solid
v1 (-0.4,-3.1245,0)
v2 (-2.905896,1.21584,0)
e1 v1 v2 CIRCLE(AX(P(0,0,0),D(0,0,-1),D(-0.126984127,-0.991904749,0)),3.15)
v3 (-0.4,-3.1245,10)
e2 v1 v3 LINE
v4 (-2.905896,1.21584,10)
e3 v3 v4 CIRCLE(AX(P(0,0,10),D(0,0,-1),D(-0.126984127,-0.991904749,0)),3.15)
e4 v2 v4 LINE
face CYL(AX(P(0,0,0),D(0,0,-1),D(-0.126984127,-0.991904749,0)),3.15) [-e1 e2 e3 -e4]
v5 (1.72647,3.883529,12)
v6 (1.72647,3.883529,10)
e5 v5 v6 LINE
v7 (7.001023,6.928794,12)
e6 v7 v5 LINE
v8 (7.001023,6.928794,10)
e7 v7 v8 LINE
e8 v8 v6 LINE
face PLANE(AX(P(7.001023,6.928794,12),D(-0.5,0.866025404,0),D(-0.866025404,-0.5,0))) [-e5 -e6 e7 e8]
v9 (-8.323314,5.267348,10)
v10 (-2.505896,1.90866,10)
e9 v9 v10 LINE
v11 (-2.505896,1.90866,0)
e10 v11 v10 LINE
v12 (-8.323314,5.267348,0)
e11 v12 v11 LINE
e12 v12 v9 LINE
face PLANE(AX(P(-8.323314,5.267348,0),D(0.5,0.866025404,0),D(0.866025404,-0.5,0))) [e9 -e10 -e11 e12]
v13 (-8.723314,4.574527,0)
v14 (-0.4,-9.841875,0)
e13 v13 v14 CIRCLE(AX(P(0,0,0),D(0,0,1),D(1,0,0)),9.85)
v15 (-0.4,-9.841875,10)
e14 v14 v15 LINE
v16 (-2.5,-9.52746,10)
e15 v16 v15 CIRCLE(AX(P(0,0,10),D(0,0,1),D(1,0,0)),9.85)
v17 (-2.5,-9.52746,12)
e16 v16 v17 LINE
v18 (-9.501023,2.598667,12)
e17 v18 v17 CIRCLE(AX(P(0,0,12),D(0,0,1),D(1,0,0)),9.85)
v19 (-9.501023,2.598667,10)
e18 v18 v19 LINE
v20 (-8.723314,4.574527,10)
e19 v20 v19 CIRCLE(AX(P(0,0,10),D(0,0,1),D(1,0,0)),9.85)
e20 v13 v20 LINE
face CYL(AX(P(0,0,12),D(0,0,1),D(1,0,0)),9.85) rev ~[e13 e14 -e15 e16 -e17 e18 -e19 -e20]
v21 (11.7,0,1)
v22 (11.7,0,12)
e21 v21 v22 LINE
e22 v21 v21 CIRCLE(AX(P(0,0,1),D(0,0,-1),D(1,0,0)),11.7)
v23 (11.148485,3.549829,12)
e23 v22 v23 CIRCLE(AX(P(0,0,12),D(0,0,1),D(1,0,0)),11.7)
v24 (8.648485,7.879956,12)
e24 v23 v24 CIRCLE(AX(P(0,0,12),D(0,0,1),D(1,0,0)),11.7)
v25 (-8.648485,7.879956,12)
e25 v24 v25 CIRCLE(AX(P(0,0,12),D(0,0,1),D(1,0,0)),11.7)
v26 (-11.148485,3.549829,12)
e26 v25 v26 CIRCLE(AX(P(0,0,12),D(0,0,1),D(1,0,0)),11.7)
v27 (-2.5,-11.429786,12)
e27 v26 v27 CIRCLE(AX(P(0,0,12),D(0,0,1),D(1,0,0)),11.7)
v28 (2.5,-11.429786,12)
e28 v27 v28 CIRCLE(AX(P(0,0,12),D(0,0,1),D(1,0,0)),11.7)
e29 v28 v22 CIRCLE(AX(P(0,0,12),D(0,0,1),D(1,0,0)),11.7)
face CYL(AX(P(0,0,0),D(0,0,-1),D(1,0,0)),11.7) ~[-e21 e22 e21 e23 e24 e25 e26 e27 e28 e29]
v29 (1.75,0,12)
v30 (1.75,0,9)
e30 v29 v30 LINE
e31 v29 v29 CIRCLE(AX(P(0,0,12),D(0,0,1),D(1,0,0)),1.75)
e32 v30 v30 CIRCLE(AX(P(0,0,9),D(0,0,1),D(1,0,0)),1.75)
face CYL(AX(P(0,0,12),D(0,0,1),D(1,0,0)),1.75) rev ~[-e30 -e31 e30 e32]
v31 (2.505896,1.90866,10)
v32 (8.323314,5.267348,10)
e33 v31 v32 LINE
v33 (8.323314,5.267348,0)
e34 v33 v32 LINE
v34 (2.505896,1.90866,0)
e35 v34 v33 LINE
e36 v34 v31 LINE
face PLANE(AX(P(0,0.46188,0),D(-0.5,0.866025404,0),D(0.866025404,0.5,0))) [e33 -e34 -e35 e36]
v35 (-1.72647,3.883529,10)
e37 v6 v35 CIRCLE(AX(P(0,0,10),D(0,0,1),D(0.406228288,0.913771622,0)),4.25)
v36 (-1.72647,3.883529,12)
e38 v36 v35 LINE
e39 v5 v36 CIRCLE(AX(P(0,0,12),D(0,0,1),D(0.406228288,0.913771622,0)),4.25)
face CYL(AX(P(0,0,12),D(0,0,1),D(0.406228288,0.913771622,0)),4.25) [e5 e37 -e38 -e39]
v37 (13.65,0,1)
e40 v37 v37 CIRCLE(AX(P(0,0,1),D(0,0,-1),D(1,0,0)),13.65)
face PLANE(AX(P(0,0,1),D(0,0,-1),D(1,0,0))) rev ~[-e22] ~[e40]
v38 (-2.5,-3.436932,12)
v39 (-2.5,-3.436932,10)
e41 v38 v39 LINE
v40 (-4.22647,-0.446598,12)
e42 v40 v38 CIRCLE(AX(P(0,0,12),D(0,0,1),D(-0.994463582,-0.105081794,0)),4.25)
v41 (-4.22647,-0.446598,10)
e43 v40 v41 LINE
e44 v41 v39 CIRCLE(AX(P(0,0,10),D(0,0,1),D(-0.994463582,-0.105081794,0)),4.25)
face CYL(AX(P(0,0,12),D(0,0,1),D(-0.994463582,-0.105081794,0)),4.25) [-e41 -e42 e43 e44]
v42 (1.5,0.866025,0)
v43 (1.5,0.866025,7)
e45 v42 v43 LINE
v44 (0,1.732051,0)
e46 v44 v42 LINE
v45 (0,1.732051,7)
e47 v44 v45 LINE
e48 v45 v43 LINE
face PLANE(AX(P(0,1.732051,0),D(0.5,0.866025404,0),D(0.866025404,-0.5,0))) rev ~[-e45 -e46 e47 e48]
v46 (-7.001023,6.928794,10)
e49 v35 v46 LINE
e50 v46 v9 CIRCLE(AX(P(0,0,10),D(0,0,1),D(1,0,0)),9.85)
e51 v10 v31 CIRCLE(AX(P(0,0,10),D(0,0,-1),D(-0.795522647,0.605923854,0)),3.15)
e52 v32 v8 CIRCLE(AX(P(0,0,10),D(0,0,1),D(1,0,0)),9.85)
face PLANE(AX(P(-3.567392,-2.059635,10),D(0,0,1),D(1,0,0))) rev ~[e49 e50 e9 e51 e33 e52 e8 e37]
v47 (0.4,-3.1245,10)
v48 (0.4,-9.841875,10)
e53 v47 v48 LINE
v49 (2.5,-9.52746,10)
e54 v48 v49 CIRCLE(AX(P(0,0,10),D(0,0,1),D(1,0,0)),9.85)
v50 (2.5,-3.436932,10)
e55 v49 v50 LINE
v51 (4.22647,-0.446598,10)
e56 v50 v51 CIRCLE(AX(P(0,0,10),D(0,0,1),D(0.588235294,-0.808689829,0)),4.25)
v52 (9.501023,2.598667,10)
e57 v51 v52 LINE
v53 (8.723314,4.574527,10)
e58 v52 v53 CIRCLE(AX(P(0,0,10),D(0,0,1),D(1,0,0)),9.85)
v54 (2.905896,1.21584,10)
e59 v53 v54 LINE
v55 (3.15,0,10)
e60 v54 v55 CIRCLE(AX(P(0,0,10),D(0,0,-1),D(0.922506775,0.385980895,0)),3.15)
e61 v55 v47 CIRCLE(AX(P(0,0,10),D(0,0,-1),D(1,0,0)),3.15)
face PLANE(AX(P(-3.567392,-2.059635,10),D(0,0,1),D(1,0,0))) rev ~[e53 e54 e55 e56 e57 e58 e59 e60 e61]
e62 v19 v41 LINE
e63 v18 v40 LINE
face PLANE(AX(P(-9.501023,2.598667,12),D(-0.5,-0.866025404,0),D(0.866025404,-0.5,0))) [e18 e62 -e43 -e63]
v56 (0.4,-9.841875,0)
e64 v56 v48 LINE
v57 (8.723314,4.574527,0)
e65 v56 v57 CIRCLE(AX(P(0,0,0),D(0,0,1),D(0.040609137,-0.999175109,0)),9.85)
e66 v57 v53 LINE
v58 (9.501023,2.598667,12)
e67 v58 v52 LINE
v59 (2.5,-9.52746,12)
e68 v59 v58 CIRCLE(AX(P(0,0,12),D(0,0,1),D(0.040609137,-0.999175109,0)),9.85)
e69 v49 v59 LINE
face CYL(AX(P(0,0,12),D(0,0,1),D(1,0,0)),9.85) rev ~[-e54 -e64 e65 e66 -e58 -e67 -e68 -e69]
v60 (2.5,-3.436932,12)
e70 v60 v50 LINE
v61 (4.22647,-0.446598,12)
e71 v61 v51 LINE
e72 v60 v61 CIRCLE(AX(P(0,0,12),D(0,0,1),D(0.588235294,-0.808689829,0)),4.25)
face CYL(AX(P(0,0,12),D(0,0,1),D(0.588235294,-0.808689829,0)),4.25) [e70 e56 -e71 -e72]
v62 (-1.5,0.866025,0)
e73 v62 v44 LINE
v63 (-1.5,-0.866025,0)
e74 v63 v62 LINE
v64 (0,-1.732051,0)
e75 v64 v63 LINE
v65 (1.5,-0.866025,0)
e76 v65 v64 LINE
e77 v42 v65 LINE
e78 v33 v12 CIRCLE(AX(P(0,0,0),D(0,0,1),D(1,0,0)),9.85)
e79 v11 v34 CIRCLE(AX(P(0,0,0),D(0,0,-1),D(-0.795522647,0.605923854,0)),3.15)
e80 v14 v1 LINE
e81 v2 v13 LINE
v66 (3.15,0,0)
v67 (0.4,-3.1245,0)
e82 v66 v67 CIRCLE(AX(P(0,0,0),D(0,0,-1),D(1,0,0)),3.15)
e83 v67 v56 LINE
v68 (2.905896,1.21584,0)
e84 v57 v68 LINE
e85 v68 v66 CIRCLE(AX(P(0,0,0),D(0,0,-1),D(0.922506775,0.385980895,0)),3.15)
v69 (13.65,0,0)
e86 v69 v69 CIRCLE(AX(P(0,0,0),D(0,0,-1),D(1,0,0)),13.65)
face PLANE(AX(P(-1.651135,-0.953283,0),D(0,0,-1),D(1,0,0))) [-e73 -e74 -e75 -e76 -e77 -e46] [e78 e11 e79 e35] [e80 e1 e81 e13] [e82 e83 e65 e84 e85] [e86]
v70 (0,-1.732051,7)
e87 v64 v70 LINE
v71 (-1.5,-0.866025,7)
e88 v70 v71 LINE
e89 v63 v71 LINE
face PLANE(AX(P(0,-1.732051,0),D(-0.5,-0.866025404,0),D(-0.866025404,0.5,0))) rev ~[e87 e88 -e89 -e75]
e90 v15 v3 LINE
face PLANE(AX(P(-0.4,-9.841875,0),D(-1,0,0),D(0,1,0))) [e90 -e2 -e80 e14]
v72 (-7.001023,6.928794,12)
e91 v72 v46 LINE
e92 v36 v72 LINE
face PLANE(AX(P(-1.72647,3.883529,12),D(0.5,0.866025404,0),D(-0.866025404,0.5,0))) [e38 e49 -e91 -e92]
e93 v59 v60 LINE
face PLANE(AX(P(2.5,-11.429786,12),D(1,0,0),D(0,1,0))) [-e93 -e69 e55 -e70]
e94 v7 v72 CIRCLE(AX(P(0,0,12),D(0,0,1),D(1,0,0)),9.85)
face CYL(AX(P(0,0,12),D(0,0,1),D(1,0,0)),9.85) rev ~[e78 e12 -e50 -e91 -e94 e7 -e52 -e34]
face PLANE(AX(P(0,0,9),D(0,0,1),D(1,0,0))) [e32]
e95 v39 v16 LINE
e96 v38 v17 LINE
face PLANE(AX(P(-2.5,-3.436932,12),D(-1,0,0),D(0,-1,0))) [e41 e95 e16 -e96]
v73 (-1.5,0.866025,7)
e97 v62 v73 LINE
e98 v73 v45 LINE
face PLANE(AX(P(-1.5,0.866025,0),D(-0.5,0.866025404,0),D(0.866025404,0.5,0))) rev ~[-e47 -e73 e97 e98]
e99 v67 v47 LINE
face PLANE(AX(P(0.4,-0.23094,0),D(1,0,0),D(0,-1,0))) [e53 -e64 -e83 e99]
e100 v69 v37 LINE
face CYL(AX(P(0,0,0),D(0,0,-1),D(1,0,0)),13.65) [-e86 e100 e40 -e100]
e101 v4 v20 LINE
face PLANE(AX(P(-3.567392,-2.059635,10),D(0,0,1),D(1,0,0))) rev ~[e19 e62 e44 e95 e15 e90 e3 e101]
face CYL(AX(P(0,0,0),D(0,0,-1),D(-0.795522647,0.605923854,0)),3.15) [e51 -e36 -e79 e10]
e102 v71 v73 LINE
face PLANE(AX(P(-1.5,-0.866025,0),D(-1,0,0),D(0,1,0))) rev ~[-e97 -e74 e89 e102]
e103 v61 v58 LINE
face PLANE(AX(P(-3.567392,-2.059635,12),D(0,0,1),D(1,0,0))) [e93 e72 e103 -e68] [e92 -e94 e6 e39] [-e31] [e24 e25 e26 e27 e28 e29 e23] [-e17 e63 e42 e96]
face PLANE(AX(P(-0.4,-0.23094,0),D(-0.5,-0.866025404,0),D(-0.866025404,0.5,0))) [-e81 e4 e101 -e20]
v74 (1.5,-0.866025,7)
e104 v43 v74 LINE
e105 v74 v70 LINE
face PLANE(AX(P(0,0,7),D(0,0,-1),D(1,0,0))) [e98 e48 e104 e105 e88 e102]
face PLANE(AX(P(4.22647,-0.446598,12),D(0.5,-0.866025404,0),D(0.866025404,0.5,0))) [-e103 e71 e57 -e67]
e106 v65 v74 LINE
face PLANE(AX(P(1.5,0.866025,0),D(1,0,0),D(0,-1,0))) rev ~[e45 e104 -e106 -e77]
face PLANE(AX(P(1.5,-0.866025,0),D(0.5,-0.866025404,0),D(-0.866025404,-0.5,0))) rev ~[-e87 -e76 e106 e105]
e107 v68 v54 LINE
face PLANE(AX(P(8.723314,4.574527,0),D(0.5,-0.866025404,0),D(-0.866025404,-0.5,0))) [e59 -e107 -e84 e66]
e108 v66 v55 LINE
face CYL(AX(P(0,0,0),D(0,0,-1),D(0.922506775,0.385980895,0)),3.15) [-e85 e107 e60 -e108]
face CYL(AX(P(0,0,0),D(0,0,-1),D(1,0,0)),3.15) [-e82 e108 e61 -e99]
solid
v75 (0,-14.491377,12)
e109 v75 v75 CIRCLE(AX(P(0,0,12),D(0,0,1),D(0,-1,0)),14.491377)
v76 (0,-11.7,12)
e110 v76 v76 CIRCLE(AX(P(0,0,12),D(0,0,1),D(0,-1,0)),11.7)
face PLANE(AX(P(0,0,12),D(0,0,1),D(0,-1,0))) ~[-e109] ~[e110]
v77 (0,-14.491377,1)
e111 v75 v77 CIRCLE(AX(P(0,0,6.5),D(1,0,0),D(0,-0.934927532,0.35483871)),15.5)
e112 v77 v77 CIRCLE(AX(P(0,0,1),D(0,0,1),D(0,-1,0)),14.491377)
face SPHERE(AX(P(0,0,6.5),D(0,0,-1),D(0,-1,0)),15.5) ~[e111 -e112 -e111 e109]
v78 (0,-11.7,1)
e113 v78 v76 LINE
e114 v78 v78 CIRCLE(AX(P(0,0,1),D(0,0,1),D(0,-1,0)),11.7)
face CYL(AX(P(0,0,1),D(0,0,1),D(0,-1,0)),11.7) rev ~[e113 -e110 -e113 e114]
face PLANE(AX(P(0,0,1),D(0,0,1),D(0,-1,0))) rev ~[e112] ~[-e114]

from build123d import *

# Parameters (mm, degrees)
F0_R      = 11.7
F1_DEPTH  = 12
F2_R      = 13.65
F2_R_2    = 11.7
F3_DEPTH  = 1
F4_R      = 9.85
F5_DEPTH  = 12
F7_DEPTH  = 12
F9_DEPTH  = 2
F11_DEPTH = 10
F13_DEPTH = 7
F14_R     = 1.75
F15_DEPTH = 3


with BuildPart() as f1:
    # F0 (on Top) → F1 (new body)
    with BuildSketch(Plane.XY):
        Circle(F0_R)
    extrude(amount=F1_DEPTH)

    # F2 (on face) → F3 (join)
    with BuildSketch(Plane(origin=(0, 0, 0), x_dir=(1, 0, 0), z_dir=(0, 0, -1))):
        Circle(F2_R)
        Circle(F2_R_2, mode=Mode.SUBTRACT)
    extrude(amount=-F3_DEPTH)

    # F4 (on face) → F5 (cut, through all)
    with BuildSketch(Plane.XY.offset(12)):
        Circle(F4_R)
    extrude(amount=-F5_DEPTH, mode=Mode.SUBTRACT)

    # F6 (on face) → F7 (join, through all)
    with BuildSketch(Plane(origin=(0, 0, 0), x_dir=(1, 0, 0), z_dir=(0, 0, -1))):
        Polygon((0.4, -0.2309401077), (0, 0.4618802154), (-0.4, -0.2309401077), align=None)
        with BuildLine():
            Line((0.4, 0.2309401077), (0.4, 9.8418748214))
            ThreePointArc((0.4, 9.8418748214), (0, 9.85), (-0.4, 9.8418748214))
            Line((-0.4, 9.8418748214), (-0.4, 0.2309401077))
            Line((-0.4, 0.2309401077), (0, 0.4618802154))
            Line((0, 0.4618802154), (0.4, 0.2309401077))
        make_face()
        with BuildLine():
            Line((-0.4, 0.2309401077), (-8.7233136162, -4.5745272492))
            ThreePointArc((-8.7233136162, -4.5745272492), (-8.5303502273, -4.925), (-8.3233136162, -5.2673475722))
            Line((-8.3233136162, -5.2673475722), (0, -0.4618802154))
            Line((0, -0.4618802154), (-0.4, -0.2309401077))
            Line((-0.4, -0.2309401077), (-0.4, 0.2309401077))
        make_face()
        with BuildLine():
            ThreePointArc((8.3233136162, -5.2673475722), (8.5303502273, -4.925), (8.7233136162, -4.5745272492))
            Line((8.7233136162, -4.5745272492), (0.4, 0.2309401077))
            Line((0.4, 0.2309401077), (0.4, -0.2309401077))
            Line((0.4, -0.2309401077), (0, -0.4618802154))
            Line((0, -0.4618802154), (8.3233136162, -5.2673475722))
        make_face()
        Polygon((0, -0.4618802154), (0.4, -0.2309401077), (-0.4, -0.2309401077), align=None)
        Polygon((0, 0.4618802154), (-0.4, 0.2309401077), (-0.4, -0.2309401077), align=None)
        Polygon((0.4, -0.2309401077), (0.4, 0.2309401077), (0, 0.4618802154), align=None)
    extrude(amount=-F7_DEPTH)

    # F8 (on face) → F9 (join)
    with BuildSketch(Plane.XY.offset(12)):
        with BuildLine():
            Line((-9.5010226639, 2.5986666466), (-4.2264702249, -0.4465976239))
            ThreePointArc((-4.2264702249, -0.4465976239), (-3.6806079661, -2.125), (-2.5, -3.4369317712))
            Line((-2.5, -3.4369317712), (-2.5, -9.5274603122))
            ThreePointArc((-2.5, -9.5274603122), (-1.4584972132, -9.7414211427), (-0.4, -9.8418748214))
            Line((-0.4, -9.8418748214), (-0.4, -0.2309401077))
            Line((-0.4, -0.2309401077), (-8.7233136162, 4.5745272492))
            ThreePointArc((-8.7233136162, 4.5745272492), (-9.1655667851, 3.6076149334), (-9.5010226639, 2.5986666466))
        make_face()
        with BuildLine():
            Line((-1.7264702249, 3.8835293951), (-7.0010226639, 6.9287936655))
            ThreePointArc((-7.0010226639, 6.9287936655), (-7.7070695719, 6.1338062093), (-8.3233136162, 5.2673475722))
            Line((-8.3233136162, 5.2673475722), (0, 0.4618802154))
            Line((0, 0.4618802154), (8.3233136162, 5.2673475722))
            ThreePointArc((8.3233136162, 5.2673475722), (7.7070695719, 6.1338062093), (7.0010226639, 6.9287936655))
            Line((7.0010226639, 6.9287936655), (1.7264702249, 3.8835293951))
            ThreePointArc((1.7264702249, 3.8835293951), (0, 4.25), (-1.7264702249, 3.8835293951))
        make_face()
        with BuildLine():
            ThreePointArc((0.4, -9.8418748214), (1.4584972132, -9.7414211427), (2.5, -9.5274603122))
            Line((2.5, -9.5274603122), (2.5, -3.4369317712))
            ThreePointArc((2.5, -3.4369317712), (3.6806079661, -2.125), (4.2264702249, -0.4465976239))
            Line((4.2264702249, -0.4465976239), (9.5010226639, 2.5986666466))
            ThreePointArc((9.5010226639, 2.5986666466), (9.1655667851, 3.6076149334), (8.7233136162, 4.5745272492))
            Line((8.7233136162, 4.5745272492), (0.4, -0.2309401077))
            Line((0.4, -0.2309401077), (0.4, -9.8418748214))
        make_face()
        with BuildLine():
            Line((-11.1484847325, 3.5498293154), (-9.5010226639, 2.5986666466))
            ThreePointArc((-9.5010226639, 2.5986666466), (-9.1655667851, 3.6076149334), (-8.7233136162, 4.5745272492))
            Line((-8.7233136162, 4.5745272492), (-0.4, -0.2309401077))
            Line((-0.4, -0.2309401077), (-0.4, -9.8418748214))
            ThreePointArc((-0.4, -9.8418748214), (-1.4584972132, -9.7414211427), (-2.5, -9.5274603122))
            Line((-2.5, -9.5274603122), (-2.5, -11.4297856498))
            Line((-2.5, -11.4297856498), (2.5, -11.4297856498))
            Line((2.5, -11.4297856498), (2.5, -9.5274603122))
            ThreePointArc((2.5, -9.5274603122), (1.4584972132, -9.7414211427), (0.4, -9.8418748214))
            Line((0.4, -9.8418748214), (0.4, -0.2309401077))
            Line((0.4, -0.2309401077), (8.7233136162, 4.5745272492))
            ThreePointArc((8.7233136162, 4.5745272492), (9.1655667851, 3.6076149334), (9.5010226639, 2.5986666466))
            Line((9.5010226639, 2.5986666466), (11.1484847325, 3.5498293154))
            Line((11.1484847325, 3.5498293154), (8.6484847325, 7.8799563344))
            Line((8.6484847325, 7.8799563344), (7.0010226639, 6.9287936655))
            ThreePointArc((7.0010226639, 6.9287936655), (7.7070695719, 6.1338062093), (8.3233136162, 5.2673475722))
            Line((8.3233136162, 5.2673475722), (0, 0.4618802154))
            Line((0, 0.4618802154), (-8.3233136162, 5.2673475722))
            ThreePointArc((-8.3233136162, 5.2673475722), (-7.7070695719, 6.1338062093), (-7.0010226639, 6.9287936655))
            Line((-7.0010226639, 6.9287936655), (-8.6484847325, 7.8799563344))
            Line((-8.6484847325, 7.8799563344), (-11.1484847325, 3.5498293154))
        make_face()
    extrude(amount=-F9_DEPTH)

    # F10 (on face) → F11 (join, through all)
    with BuildSketch(Plane(origin=(0, 0, 0), x_dir=(1, 0, 0), z_dir=(0, 0, -1))):
        with BuildLine():
            Line((-0.4, 0.2309401077), (-0.4, 3.12449996))
            ThreePointArc((-0.4, 3.12449996), (-2.7279800219, 1.575), (-2.9058963395, -1.2158398185))
            Line((-2.9058963395, -1.2158398185), (-0.4, 0.2309401077))
        make_face()
        with BuildLine():
            Line((0.4, 0.2309401077), (0.4, 3.12449996))
            ThreePointArc((0.4, 3.12449996), (0, 3.15), (-0.4, 3.12449996))
            Line((-0.4, 3.12449996), (-0.4, 0.2309401077))
            Line((-0.4, 0.2309401077), (-2.9058963395, -1.2158398185))
            ThreePointArc((-2.9058963395, -1.2158398185), (-2.7279800219, -1.575), (-2.5058963395, -1.9086601415))
            Line((-2.5058963395, -1.9086601415), (0, -0.4618802154))
            Line((0, -0.4618802154), (2.5058963395, -1.9086601415))
            ThreePointArc((2.5058963395, -1.9086601415), (2.7279800219, -1.575), (2.9058963395, -1.2158398185))
            Line((2.9058963395, -1.2158398185), (0.4, 0.2309401077))
        make_face()
        with BuildLine():
            ThreePointArc((-2.5058963395, -1.9086601415), (0, -3.15), (2.5058963395, -1.9086601415))
            Line((2.5058963395, -1.9086601415), (0, -0.4618802154))
            Line((0, -0.4618802154), (-2.5058963395, -1.9086601415))
        make_face()
        with BuildLine():
            ThreePointArc((2.9058963395, -1.2158398185), (3.0883712106, -0.6200510183), (3.15, 0))
            ThreePointArc((3.15, 0), (2.3645824156, 2.0811655388), (0.4, 3.12449996))
            Line((0.4, 3.12449996), (0.4, 0.2309401077))
            Line((0.4, 0.2309401077), (2.9058963395, -1.2158398185))
        make_face()
    extrude(amount=-F11_DEPTH)

    # F12 (on face) → F13 (cut)
    with BuildSketch(Plane(origin=(0, 0, 0), x_dir=(1, 0, 0), z_dir=(0, 0, -1))):
        Polygon((1.5, -0.8660254038), (1.5, 0.8660254038), (0, 1.7320508076), (-1.5, 0.8660254038), (-1.5, -0.8660254038), (0, -1.7320508076), align=None)
    extrude(amount=-F13_DEPTH, mode=Mode.SUBTRACT)

    # F14 (on face) → F15 (cut)
    with BuildSketch(Plane.XY.offset(12)):
        Circle(F14_R)
    extrude(amount=-F15_DEPTH, mode=Mode.SUBTRACT)


with BuildPart() as f17:
    # F16 (on Right) → F17 (revolve)
    with BuildSketch(Plane.YZ):
        with BuildLine():
            Line((-14.4913767462, 1), (-11.7, 1))
            Line((-11.7, 1), (-11.7, 12))
            Line((-11.7, 12), (-14.4913767462, 12))
            ThreePointArc((-14.4913767462, 12), (-15.5, 6.5), (-14.4913767462, 1))
        make_face()
    revolve(axis=Axis((0, 0, 9.3064010143), (0, 0, 1)))


solid = Compound([f1.part, f17.part])
